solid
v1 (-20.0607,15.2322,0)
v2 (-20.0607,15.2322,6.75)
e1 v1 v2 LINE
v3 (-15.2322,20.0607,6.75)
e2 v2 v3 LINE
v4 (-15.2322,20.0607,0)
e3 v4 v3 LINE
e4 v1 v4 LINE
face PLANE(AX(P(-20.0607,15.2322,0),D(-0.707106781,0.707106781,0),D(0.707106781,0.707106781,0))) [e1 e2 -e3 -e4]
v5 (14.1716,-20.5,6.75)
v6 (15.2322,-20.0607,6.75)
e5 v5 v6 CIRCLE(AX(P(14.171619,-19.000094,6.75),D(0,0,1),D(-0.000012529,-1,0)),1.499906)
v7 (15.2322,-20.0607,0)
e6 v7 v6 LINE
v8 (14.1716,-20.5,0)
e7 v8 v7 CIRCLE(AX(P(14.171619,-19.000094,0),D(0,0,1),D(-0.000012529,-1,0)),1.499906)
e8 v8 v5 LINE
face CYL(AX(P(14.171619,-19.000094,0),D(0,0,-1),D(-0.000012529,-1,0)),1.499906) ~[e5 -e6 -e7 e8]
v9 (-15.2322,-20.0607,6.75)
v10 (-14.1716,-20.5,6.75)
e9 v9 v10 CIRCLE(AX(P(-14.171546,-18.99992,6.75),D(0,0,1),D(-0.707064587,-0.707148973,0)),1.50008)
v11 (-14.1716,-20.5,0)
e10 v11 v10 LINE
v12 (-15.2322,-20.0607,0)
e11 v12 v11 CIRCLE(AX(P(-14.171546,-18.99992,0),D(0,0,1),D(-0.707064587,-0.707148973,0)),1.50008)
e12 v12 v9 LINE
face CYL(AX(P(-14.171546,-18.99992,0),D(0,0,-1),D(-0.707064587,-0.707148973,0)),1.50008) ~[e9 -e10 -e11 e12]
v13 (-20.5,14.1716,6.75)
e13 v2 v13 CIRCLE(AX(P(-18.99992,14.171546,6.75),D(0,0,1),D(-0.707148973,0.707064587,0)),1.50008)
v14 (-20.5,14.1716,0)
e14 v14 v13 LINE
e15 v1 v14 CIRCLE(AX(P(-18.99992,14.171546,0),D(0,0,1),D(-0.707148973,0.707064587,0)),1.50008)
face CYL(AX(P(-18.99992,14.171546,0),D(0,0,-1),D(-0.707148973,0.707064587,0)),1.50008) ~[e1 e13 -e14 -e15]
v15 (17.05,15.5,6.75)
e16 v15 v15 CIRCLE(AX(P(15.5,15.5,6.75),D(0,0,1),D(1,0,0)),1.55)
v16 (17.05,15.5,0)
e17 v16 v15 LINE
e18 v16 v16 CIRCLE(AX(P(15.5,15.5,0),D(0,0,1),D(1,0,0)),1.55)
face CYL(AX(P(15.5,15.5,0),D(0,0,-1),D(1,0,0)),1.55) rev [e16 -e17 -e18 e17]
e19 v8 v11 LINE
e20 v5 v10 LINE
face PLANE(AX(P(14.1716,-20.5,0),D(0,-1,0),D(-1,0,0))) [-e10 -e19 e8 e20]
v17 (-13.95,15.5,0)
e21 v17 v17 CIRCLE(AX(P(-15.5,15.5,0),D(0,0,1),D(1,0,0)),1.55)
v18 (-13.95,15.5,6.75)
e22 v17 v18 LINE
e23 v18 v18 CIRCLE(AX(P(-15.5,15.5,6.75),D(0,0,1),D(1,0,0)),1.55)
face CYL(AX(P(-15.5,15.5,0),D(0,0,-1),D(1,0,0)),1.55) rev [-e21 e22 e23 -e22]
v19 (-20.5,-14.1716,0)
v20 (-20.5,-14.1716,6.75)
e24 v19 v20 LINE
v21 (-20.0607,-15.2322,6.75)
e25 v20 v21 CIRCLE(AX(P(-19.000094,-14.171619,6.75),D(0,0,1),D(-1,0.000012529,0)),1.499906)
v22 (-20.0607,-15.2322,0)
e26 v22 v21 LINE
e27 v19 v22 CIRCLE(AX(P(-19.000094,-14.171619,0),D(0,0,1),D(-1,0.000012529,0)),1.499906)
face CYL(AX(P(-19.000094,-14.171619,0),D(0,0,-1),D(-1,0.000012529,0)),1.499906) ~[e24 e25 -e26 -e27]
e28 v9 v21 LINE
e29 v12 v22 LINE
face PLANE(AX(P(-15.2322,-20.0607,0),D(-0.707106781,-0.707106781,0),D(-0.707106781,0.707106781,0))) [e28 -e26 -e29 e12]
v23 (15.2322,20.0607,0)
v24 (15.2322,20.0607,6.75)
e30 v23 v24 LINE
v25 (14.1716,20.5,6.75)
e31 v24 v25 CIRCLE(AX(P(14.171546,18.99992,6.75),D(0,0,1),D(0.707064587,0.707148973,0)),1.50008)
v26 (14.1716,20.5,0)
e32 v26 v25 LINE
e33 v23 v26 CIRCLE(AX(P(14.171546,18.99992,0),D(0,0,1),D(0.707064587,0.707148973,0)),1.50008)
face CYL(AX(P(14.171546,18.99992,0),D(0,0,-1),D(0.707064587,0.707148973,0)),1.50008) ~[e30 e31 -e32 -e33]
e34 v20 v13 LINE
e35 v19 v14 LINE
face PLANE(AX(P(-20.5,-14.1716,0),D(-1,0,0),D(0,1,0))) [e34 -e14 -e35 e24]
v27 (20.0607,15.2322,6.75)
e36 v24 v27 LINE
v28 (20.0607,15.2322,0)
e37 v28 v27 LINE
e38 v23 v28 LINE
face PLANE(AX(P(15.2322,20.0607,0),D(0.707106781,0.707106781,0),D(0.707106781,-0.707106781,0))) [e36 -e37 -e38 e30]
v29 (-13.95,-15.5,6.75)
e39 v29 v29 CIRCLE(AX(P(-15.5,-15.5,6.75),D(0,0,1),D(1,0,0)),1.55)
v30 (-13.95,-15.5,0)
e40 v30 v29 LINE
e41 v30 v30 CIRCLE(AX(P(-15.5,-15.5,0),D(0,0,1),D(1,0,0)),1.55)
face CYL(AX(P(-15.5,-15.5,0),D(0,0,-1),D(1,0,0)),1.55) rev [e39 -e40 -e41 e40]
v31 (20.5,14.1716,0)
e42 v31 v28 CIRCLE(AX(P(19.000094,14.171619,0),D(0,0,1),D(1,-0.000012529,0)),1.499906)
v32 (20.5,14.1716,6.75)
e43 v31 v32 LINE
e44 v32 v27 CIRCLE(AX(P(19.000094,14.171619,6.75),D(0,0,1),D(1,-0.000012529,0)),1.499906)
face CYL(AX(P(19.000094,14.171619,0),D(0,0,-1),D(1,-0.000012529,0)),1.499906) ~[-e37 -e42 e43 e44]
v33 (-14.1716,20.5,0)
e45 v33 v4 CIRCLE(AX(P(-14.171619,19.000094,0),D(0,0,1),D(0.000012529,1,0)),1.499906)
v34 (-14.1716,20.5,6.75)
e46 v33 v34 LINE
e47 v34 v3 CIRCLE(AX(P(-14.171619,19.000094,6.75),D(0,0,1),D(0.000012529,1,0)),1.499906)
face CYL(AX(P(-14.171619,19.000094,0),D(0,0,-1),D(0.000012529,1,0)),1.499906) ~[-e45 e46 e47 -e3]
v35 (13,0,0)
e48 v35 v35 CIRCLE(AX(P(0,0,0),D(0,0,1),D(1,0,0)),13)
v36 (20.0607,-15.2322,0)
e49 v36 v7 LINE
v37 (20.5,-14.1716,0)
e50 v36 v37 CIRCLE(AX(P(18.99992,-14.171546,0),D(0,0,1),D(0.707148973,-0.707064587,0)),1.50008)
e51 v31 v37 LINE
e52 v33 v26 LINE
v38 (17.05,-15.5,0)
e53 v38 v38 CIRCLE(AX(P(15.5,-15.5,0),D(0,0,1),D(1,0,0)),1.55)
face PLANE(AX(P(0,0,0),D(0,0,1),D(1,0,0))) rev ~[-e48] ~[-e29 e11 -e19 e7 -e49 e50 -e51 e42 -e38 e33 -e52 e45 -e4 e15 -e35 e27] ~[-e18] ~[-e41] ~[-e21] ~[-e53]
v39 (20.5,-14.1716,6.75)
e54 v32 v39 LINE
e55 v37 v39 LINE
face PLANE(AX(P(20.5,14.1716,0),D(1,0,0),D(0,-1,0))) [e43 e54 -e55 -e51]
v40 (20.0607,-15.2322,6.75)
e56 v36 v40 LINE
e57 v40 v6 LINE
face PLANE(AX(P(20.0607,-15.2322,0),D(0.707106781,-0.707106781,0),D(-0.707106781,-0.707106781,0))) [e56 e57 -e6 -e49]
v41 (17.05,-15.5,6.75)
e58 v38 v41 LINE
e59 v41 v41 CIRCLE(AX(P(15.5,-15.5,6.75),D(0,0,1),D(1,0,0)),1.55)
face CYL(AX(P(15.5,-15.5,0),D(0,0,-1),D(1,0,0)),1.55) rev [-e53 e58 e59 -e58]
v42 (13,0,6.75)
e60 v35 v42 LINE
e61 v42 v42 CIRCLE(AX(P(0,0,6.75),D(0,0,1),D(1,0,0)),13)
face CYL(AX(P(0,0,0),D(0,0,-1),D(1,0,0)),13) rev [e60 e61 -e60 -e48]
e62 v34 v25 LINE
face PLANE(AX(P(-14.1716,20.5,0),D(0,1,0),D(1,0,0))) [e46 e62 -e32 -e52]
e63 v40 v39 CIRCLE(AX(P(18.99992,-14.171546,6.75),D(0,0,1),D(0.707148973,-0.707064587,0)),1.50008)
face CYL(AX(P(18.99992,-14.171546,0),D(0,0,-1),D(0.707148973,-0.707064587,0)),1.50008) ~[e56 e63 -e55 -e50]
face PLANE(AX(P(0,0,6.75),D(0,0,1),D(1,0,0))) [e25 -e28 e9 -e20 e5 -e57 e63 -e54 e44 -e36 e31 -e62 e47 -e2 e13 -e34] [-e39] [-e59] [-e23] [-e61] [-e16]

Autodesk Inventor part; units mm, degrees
ref_plane "YZ Plane" through (0, 0, 0) normal (1, 0, 0) x (0, 1, 0)
ref_plane "XZ Plane" through (0, 0, 0) normal (0, 1, 0) x (-1, 0, 0)
ref_plane "Work Plane3" through (0, 0, 0) normal (0, 0, 1) x (1, 0, 0)
sketch "Sketch1" plane through (0, 0, 0) normal (0, 0, 1) x (1, 0, 0)
  circle A0 centre (15.5, -15.5) radius 1.25 projected
  circle A1 centre (-15.5, -15.5) radius 1.25 projected
  circle A2 centre (15.5, 15.5) radius 1.25 projected
  circle A3 centre (-15.5, 15.5) radius 1.25 projected
  circle A4 centre (0, 0) radius 11 projected
  line L0 (-14.1716, 20.5) -> (14.1716, 20.5) projected
  arc A5 (-14.1716, 20.5) -> (-15.2322, 20.0607) centre (-14.1716, 19) ccw projected
  line L1 (-20.0607, 15.2322) -> (-15.2322, 20.0607) projected
  arc A6 (-20.0607, 15.2322) -> (-20.5, 14.1716) centre (-19, 14.1716) ccw projected
  line L2 (-20.5, -14.1716) -> (-20.5, 14.1716) projected
  arc A7 (-20.5, -14.1716) -> (-20.0607, -15.2322) centre (-19, -14.1716) ccw projected
  line L3 (-15.2322, -20.0607) -> (-20.0607, -15.2322) projected
  arc A8 (-15.2322, -20.0607) -> (-14.1716, -20.5) centre (-14.1716, -19) ccw projected
  line L4 (14.1716, -20.5) -> (-14.1716, -20.5) projected
  arc A9 (14.1716, -20.5) -> (15.2322, -20.0607) centre (14.1716, -19) ccw projected
  line L5 (20.0607, -15.2322) -> (15.2322, -20.0607) projected
  arc A10 (20.0607, -15.2322) -> (20.5, -14.1716) centre (19, -14.1716) ccw projected
  line L6 (20.5, 14.1716) -> (20.5, -14.1716) projected
  arc A11 (20.5, 14.1716) -> (20.0607, 15.2322) centre (19, 14.1716) ccw projected
  line L7 (15.2322, 20.0607) -> (20.0607, 15.2322) projected
  arc A12 (15.2322, 20.0607) -> (14.1716, 20.5) centre (14.1716, 19) ccw projected
  circle A13 centre (0, 0) radius 13
  circle A14 centre (-15.5, -15.5) radius 1.55
  circle A15 centre (-15.5, 15.5) radius 1.55
  circle A16 centre (15.5, 15.5) radius 1.55
  circle A17 centre (15.5, -15.5) radius 1.55
  point P0 (0, 0)
  dimension "d0" = 2
  dimension "d7" = 3.1
extrude "Extrusion1" add sketch "Sketch1" along normal blind 6.75 contours L0 A12 L7 A11 L6 A10 L5 A9 L4 A8 L3 A7 L2 A6 L1 A5
properties part number "upvulling steppers axis5_6" material "ABS Plastic"
